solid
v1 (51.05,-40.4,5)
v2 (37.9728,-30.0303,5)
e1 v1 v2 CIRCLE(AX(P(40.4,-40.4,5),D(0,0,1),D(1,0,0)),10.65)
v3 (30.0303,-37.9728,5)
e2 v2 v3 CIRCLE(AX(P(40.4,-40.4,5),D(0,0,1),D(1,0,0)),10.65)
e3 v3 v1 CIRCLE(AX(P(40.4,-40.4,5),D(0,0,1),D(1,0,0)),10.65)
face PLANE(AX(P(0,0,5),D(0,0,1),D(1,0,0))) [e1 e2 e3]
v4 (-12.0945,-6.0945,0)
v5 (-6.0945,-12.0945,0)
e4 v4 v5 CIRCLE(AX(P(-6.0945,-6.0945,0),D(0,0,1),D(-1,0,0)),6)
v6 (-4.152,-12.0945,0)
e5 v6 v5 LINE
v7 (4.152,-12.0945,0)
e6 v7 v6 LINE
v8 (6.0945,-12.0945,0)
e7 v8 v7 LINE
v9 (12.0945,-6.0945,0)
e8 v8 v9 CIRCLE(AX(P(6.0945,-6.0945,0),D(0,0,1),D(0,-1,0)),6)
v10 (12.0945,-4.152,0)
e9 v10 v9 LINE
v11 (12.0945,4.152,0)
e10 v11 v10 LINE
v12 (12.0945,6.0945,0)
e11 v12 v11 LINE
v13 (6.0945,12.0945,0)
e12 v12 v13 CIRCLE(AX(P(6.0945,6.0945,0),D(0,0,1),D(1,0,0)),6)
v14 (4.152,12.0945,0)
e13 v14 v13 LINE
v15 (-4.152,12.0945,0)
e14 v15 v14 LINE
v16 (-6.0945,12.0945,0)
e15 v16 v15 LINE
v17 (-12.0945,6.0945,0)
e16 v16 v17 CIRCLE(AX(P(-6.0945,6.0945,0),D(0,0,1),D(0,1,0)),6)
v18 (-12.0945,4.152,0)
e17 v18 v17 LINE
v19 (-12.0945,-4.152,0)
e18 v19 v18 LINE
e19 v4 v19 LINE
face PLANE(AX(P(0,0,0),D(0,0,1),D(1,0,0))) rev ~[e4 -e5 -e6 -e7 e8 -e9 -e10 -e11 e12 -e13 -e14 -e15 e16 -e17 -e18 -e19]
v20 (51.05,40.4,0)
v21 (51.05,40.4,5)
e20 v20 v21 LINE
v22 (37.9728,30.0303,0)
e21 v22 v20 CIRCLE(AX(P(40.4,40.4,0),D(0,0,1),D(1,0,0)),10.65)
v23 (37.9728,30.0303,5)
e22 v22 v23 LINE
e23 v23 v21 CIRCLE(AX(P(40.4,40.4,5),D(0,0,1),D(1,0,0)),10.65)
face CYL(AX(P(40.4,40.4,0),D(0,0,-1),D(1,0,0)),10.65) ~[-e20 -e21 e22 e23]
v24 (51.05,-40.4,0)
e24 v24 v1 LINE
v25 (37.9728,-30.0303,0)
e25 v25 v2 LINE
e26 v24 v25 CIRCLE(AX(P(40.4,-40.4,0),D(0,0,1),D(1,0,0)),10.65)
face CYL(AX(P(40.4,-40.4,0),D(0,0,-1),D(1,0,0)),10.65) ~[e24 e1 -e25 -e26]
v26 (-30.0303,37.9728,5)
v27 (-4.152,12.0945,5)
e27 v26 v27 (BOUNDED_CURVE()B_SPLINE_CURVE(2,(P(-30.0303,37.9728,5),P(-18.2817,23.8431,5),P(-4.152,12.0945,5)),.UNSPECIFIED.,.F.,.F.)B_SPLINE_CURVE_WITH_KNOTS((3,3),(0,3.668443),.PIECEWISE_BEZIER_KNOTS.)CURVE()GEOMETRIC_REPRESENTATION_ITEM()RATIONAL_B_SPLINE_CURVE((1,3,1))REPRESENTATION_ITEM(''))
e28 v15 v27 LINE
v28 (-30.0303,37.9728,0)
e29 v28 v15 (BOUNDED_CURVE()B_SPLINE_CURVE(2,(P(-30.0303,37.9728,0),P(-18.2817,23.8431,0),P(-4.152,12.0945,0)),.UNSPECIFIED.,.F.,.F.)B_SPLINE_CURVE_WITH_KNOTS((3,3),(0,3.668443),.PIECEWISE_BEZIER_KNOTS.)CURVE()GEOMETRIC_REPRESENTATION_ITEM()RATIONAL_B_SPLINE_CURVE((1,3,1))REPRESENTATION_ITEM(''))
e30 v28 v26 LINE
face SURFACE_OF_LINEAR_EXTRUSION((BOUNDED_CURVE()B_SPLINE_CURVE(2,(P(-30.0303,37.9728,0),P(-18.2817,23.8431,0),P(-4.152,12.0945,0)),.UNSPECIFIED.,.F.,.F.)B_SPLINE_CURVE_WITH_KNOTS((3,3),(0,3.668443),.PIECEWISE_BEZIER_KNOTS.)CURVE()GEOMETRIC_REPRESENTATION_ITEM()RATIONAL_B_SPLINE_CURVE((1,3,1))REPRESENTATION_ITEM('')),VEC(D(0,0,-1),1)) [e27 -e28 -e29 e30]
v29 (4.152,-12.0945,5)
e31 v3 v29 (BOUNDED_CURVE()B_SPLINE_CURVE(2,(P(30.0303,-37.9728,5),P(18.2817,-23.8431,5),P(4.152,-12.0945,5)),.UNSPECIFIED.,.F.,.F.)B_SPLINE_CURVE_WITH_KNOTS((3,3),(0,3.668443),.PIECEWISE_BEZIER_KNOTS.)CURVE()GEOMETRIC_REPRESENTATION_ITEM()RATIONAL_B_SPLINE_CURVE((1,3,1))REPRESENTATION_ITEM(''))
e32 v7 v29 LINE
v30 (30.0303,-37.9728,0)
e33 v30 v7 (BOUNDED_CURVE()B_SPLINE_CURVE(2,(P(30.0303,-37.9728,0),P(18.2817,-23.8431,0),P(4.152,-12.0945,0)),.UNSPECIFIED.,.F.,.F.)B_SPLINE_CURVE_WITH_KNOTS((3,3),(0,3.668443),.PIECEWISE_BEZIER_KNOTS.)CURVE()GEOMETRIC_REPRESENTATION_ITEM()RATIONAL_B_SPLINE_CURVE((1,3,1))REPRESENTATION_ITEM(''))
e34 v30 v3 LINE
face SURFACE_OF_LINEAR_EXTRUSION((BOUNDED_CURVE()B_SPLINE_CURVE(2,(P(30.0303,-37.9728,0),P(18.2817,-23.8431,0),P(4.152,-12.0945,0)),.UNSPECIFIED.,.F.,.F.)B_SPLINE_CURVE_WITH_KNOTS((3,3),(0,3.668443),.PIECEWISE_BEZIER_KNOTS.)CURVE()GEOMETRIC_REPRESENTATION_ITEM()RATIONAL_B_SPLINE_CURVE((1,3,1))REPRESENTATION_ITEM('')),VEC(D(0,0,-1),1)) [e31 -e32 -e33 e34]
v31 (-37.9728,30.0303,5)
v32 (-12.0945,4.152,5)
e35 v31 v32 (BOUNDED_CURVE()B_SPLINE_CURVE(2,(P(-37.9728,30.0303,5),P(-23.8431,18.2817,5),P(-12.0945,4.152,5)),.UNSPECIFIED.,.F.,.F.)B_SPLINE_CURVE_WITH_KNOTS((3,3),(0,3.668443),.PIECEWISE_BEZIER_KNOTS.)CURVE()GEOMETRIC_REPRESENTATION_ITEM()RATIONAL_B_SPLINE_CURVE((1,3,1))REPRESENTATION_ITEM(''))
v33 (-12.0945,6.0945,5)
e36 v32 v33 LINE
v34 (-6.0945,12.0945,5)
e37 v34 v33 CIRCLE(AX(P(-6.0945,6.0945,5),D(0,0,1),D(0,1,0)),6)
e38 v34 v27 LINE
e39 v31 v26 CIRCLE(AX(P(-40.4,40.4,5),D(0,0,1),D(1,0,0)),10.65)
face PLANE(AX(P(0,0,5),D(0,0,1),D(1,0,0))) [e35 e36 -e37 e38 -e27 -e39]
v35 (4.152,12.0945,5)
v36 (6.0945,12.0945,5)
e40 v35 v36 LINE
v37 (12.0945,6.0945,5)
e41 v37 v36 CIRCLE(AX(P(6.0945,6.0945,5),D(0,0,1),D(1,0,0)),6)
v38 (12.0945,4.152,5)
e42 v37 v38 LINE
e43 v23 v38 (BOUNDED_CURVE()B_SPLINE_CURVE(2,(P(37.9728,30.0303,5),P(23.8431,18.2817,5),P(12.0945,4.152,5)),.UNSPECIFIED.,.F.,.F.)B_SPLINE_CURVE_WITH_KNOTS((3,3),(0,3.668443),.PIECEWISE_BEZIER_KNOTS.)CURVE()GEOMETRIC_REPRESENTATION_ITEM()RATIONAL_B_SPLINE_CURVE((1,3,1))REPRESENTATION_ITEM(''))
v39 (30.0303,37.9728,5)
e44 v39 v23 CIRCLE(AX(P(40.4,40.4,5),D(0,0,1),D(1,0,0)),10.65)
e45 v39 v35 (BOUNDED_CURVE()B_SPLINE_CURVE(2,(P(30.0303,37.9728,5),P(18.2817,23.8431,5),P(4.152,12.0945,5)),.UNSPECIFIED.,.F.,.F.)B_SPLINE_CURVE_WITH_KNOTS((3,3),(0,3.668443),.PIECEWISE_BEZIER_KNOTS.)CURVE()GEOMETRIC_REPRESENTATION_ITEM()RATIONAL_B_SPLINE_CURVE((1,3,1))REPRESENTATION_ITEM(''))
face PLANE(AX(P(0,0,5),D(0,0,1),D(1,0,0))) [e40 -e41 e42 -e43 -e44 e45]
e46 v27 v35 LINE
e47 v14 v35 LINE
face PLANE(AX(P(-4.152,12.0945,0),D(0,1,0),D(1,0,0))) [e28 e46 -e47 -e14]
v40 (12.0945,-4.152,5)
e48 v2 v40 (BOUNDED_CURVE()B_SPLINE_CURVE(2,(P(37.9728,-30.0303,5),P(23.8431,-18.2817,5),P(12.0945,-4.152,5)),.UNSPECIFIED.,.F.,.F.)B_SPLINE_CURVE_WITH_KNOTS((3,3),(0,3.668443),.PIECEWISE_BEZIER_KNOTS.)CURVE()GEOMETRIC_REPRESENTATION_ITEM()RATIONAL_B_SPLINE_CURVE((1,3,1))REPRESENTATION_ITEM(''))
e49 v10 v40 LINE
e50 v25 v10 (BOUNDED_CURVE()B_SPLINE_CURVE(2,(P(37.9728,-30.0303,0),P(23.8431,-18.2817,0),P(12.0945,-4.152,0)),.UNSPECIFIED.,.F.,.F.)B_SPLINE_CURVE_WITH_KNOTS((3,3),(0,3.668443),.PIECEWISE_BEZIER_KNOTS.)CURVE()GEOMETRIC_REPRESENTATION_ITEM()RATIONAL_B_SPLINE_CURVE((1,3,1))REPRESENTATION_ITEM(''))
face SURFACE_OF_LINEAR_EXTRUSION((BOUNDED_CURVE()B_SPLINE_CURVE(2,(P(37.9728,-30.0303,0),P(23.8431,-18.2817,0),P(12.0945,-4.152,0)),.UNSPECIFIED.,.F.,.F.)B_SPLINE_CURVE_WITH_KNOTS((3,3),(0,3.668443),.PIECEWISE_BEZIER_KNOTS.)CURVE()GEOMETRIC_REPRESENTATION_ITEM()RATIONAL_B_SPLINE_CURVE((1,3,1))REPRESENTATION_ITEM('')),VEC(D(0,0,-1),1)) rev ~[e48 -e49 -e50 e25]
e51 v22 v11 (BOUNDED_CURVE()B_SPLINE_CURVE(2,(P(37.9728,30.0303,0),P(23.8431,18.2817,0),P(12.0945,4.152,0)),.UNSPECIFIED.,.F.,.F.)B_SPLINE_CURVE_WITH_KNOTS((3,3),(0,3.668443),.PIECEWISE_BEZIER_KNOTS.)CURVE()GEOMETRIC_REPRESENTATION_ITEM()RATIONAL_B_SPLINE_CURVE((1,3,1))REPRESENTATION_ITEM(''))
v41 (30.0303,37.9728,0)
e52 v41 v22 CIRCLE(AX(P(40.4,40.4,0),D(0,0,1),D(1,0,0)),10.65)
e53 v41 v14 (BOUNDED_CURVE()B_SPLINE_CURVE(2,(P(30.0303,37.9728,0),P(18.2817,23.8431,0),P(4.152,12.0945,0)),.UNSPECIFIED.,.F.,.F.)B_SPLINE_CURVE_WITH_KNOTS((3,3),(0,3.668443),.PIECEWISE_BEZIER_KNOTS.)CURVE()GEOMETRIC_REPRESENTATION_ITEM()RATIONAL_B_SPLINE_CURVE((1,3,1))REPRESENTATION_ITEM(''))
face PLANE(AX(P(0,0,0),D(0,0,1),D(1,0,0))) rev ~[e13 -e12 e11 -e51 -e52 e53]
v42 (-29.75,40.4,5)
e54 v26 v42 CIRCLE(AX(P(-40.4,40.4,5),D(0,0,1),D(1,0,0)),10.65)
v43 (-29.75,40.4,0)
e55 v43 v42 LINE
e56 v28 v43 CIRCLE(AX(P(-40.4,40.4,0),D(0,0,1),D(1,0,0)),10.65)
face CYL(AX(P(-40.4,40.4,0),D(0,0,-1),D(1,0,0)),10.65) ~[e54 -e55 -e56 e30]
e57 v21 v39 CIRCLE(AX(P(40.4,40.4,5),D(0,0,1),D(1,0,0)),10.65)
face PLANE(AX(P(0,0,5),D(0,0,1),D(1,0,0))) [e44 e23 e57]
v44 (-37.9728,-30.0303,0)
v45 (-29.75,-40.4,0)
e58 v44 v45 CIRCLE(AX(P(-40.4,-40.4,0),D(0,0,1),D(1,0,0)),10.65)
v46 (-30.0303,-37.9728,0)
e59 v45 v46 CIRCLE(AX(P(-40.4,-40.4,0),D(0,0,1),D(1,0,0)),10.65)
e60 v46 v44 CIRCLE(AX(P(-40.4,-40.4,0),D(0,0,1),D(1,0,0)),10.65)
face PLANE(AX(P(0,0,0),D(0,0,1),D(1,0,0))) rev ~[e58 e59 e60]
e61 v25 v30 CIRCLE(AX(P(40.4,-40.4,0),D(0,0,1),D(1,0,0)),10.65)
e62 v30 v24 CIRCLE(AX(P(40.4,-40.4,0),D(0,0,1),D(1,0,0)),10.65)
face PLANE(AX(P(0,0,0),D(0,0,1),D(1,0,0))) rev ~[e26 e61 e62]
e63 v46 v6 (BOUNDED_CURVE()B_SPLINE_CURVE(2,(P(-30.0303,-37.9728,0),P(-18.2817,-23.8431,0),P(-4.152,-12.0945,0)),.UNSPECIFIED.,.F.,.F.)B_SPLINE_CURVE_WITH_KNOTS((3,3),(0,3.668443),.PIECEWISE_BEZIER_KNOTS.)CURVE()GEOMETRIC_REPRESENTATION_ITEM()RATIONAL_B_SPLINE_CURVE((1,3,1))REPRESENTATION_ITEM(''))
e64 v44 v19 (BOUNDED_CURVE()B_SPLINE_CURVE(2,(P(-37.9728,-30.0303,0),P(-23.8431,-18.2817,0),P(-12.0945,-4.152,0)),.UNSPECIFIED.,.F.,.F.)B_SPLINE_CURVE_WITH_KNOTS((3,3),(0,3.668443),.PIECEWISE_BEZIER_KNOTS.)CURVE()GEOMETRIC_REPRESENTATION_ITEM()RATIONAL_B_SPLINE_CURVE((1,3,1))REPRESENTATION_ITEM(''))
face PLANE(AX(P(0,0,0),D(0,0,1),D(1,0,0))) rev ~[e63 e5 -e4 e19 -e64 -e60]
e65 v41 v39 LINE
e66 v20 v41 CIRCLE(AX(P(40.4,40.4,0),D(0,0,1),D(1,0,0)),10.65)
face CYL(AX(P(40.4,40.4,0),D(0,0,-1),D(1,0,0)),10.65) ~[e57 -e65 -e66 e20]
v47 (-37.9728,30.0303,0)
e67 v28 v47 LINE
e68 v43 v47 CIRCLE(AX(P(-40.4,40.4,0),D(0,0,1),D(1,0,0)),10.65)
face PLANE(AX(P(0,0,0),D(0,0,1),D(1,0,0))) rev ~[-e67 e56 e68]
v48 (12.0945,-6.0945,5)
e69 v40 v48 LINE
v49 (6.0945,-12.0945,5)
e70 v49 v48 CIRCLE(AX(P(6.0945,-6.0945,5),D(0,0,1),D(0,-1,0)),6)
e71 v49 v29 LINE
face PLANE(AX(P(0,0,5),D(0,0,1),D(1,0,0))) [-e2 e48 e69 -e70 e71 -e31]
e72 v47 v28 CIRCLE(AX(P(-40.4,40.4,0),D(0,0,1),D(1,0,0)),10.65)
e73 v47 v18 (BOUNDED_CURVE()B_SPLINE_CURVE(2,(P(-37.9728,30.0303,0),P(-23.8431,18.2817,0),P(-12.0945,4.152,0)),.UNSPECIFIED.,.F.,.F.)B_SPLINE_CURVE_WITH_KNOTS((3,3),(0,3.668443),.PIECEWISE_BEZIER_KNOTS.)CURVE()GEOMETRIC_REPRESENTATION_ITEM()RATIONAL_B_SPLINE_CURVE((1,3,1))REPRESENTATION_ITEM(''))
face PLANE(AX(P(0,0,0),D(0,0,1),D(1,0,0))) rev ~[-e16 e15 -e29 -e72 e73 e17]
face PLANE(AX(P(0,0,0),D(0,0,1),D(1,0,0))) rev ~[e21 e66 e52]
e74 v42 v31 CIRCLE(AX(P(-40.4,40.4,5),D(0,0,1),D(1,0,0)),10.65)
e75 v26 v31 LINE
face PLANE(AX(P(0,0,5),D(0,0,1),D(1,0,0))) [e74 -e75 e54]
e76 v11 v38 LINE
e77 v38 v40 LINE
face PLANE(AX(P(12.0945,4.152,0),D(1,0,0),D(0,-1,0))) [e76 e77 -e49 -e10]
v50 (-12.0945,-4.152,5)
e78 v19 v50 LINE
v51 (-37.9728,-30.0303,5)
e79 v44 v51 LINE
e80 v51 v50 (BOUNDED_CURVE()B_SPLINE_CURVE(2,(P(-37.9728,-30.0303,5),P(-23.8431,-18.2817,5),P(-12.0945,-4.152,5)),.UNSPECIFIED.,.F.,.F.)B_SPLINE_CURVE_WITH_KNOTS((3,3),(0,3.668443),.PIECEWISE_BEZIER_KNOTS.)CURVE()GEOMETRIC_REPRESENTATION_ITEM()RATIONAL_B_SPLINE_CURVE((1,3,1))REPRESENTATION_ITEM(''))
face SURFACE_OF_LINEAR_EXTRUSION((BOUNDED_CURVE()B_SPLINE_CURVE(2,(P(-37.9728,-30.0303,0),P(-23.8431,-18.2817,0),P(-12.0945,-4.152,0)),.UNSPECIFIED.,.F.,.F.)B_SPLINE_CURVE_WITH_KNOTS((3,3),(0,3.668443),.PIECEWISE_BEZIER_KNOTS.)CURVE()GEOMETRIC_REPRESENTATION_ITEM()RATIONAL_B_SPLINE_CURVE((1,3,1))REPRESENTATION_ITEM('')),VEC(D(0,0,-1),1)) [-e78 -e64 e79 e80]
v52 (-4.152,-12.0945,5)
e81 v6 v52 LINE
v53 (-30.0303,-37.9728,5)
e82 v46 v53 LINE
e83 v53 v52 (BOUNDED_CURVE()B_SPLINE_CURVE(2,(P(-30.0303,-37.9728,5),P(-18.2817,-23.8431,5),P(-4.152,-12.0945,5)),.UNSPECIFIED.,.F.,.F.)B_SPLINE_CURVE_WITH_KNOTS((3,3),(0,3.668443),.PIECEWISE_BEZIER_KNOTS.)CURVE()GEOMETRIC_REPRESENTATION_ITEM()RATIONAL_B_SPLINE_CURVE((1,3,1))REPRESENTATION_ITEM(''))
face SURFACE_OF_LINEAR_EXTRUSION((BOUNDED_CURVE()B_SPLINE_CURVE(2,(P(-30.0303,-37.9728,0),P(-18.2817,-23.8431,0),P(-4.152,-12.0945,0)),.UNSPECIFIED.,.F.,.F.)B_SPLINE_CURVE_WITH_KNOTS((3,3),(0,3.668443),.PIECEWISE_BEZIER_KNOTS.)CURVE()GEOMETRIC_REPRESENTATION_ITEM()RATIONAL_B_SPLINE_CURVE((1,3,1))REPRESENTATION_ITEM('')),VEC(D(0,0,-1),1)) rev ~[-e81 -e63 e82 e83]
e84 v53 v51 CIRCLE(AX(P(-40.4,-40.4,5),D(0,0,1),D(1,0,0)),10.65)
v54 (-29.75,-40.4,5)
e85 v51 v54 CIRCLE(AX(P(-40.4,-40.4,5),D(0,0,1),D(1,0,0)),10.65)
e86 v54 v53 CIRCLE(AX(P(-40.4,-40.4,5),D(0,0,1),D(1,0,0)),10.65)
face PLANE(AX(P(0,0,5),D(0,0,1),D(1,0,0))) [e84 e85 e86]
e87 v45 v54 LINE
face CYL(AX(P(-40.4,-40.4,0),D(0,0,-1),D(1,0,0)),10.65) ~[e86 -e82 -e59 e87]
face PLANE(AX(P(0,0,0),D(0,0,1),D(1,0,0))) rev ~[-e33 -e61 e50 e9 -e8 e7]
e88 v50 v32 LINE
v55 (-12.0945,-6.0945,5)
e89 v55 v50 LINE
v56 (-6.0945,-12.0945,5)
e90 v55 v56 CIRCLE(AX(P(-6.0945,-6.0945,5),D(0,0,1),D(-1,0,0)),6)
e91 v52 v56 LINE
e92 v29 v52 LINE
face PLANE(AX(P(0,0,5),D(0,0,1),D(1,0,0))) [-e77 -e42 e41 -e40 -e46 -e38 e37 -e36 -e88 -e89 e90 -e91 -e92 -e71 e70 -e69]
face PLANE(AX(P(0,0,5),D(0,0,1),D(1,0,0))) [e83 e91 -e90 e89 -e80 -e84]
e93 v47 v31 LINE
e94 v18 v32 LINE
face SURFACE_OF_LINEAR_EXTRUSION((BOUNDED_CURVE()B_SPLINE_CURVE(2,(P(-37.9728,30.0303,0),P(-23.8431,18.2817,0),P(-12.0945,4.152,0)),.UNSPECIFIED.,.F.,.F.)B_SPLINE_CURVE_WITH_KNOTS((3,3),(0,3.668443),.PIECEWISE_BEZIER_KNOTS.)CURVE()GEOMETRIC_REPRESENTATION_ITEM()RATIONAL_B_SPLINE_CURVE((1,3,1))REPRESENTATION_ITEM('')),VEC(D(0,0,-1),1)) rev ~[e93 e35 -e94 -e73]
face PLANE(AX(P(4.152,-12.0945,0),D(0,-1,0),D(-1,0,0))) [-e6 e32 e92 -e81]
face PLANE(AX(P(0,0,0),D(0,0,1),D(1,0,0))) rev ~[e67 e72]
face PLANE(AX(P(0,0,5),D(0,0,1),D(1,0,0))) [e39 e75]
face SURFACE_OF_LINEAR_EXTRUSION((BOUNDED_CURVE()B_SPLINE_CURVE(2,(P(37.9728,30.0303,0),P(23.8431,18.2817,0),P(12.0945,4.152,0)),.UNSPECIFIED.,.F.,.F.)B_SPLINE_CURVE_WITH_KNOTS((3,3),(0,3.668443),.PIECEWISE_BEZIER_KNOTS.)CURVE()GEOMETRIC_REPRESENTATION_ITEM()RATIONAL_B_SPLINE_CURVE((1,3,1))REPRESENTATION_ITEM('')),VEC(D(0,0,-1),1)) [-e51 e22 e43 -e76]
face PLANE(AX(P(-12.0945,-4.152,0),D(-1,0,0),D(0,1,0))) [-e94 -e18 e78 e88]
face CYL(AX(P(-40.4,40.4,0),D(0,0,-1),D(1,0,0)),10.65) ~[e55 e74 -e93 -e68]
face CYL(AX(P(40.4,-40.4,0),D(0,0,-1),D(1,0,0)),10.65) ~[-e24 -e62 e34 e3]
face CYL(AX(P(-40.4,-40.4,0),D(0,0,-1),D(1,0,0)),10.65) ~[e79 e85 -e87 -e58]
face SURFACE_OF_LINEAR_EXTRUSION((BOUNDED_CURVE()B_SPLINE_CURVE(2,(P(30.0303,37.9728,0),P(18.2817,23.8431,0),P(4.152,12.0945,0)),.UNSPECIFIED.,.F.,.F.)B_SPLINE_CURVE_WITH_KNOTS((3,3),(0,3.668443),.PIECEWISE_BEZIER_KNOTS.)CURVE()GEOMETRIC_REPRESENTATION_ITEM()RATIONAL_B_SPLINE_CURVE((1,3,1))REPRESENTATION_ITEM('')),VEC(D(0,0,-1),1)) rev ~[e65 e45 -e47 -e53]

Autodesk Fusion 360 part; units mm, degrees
sketch "Esboço2" plane through (0, 0, 0) normal (0, 0, 1) x (1, 0, 0)
  circle A0 centre (-40.4, 40.4) radius 10.65
  circle A1 centre (40.4, 40.4) radius 10.65
  circle A2 centre (-40.4, -40.4) radius 10.65
  circle A3 centre (40.4, -40.4) radius 10.65
  line L0 (-40.4, 40.4) -> (-12.0945, 12.0945) construction
  line L1 (40.4, 40.4) -> (12.0945, 12.0945) construction
  line L2 (-40.4, -40.4) -> (-12.0945, -12.0945) construction
  line L3 (40.4, -40.4) -> (12.0945, -12.0945) construction
  line L4 (-6.0945, 12.0945) -> (6.0945, 12.0945)
  line L5 (12.0945, 6.0945) -> (12.0945, -6.0945)
  line L6 (6.0945, -12.0945) -> (-6.0945, -12.0945)
  line L7 (-12.0945, -6.0945) -> (-12.0945, 6.0945)
  line L8 (-30.0303, 37.9728) -> (-37.9728, 30.0303)
  line L9 (-37.9728, 30.0303) -> (-12.0945, 4.152) construction
  line L10 (-12.0945, 4.152) -> (-4.152, 12.0945) construction
  line L11 (-4.152, 12.0945) -> (-30.0303, 37.9728) construction
  line L12 (-17.0911, 25.0336) -> (-21.0624, 21.0624) construction
  spline S0 degree 2 poles (-30.0303, 37.9728) (-18.2817, 23.8431) (-4.152, 12.0945) knots 0 0 0 3.668443 3.668443 3.668443 weights 1 3 1
  spline S1 degree 2 poles (-37.9728, 30.0303) (-23.8431, 18.2817) (-12.0945, 4.152) knots 0 0 0 3.668443 3.668443 3.668443 weights 1 3 1
  line L13 (0, 12.0945) -> (0, -12.0945) construction
  spline S2 degree 2 poles (30.0303, 37.9728) (18.2817, 23.8431) (4.152, 12.0945) knots 0 0 0 3.668443 3.668443 3.668443 weights 1 3 1
  spline S3 degree 2 poles (37.9728, 30.0303) (23.8431, 18.2817) (12.0945, 4.152) knots 0 0 0 3.668443 3.668443 3.668443 weights 1 3 1
  line L14 (-12.0945, 0) -> (12.0945, 0) construction
  spline S4 degree 2 poles (-30.0303, -37.9728) (-18.2817, -23.8431) (-4.152, -12.0945) knots 0 0 0 3.668443 3.668443 3.668443 weights 1 3 1
  spline S5 degree 2 poles (-37.9728, -30.0303) (-23.8431, -18.2817) (-12.0945, -4.152) knots 0 0 0 3.668443 3.668443 3.668443 weights 1 3 1
  spline S6 degree 2 poles (30.0303, -37.9728) (18.2817, -23.8431) (4.152, -12.0945) knots 0 0 0 3.668443 3.668443 3.668443 weights 1 3 1
  spline S7 degree 2 poles (37.9728, -30.0303) (23.8431, -18.2817) (12.0945, -4.152) knots 0 0 0 3.668443 3.668443 3.668443 weights 1 3 1
  arc A4 (-6.0945, 12.0945) -> (-12.0945, 6.0945) centre (-6.0945, 6.0945) ccw
  arc A5 (12.0945, 6.0945) -> (6.0945, 12.0945) centre (6.0945, 6.0945) ccw
  arc A6 (-12.0945, -6.0945) -> (-6.0945, -12.0945) centre (-6.0945, -6.0945) ccw
  arc A7 (6.0945, -12.0945) -> (12.0945, -6.0945) centre (6.0945, -6.0945) ccw
  dimension "d49" = 80.8
  dimension "d50" = 80.8
  dimension "d51" = 21.3
  dimension "d52" = 21.3
  dimension "d53" = 21.3
  dimension "d54" = 21.3
  dimension "d55" = 114.2685
  dimension "d56" = 40.03
  dimension "d57" = 40.03
  dimension "d58" = 40.03
  dimension "d59" = 40.03
  dimension "d69" = 6
  dimension "d70" = 6
  dimension "d71" = 6
  dimension "d72" = 6
extrude "Extrusão1" add sketch "Esboço2" along normal blind 5
equation "d61 = 0.75"
equation "d62 = d61"
equation "d63 = d61"
equation "d64 = d62"
equation "d65 = d61"
equation "d66 = d62"
equation "d67 = d63"
equation "d68 = d64"
